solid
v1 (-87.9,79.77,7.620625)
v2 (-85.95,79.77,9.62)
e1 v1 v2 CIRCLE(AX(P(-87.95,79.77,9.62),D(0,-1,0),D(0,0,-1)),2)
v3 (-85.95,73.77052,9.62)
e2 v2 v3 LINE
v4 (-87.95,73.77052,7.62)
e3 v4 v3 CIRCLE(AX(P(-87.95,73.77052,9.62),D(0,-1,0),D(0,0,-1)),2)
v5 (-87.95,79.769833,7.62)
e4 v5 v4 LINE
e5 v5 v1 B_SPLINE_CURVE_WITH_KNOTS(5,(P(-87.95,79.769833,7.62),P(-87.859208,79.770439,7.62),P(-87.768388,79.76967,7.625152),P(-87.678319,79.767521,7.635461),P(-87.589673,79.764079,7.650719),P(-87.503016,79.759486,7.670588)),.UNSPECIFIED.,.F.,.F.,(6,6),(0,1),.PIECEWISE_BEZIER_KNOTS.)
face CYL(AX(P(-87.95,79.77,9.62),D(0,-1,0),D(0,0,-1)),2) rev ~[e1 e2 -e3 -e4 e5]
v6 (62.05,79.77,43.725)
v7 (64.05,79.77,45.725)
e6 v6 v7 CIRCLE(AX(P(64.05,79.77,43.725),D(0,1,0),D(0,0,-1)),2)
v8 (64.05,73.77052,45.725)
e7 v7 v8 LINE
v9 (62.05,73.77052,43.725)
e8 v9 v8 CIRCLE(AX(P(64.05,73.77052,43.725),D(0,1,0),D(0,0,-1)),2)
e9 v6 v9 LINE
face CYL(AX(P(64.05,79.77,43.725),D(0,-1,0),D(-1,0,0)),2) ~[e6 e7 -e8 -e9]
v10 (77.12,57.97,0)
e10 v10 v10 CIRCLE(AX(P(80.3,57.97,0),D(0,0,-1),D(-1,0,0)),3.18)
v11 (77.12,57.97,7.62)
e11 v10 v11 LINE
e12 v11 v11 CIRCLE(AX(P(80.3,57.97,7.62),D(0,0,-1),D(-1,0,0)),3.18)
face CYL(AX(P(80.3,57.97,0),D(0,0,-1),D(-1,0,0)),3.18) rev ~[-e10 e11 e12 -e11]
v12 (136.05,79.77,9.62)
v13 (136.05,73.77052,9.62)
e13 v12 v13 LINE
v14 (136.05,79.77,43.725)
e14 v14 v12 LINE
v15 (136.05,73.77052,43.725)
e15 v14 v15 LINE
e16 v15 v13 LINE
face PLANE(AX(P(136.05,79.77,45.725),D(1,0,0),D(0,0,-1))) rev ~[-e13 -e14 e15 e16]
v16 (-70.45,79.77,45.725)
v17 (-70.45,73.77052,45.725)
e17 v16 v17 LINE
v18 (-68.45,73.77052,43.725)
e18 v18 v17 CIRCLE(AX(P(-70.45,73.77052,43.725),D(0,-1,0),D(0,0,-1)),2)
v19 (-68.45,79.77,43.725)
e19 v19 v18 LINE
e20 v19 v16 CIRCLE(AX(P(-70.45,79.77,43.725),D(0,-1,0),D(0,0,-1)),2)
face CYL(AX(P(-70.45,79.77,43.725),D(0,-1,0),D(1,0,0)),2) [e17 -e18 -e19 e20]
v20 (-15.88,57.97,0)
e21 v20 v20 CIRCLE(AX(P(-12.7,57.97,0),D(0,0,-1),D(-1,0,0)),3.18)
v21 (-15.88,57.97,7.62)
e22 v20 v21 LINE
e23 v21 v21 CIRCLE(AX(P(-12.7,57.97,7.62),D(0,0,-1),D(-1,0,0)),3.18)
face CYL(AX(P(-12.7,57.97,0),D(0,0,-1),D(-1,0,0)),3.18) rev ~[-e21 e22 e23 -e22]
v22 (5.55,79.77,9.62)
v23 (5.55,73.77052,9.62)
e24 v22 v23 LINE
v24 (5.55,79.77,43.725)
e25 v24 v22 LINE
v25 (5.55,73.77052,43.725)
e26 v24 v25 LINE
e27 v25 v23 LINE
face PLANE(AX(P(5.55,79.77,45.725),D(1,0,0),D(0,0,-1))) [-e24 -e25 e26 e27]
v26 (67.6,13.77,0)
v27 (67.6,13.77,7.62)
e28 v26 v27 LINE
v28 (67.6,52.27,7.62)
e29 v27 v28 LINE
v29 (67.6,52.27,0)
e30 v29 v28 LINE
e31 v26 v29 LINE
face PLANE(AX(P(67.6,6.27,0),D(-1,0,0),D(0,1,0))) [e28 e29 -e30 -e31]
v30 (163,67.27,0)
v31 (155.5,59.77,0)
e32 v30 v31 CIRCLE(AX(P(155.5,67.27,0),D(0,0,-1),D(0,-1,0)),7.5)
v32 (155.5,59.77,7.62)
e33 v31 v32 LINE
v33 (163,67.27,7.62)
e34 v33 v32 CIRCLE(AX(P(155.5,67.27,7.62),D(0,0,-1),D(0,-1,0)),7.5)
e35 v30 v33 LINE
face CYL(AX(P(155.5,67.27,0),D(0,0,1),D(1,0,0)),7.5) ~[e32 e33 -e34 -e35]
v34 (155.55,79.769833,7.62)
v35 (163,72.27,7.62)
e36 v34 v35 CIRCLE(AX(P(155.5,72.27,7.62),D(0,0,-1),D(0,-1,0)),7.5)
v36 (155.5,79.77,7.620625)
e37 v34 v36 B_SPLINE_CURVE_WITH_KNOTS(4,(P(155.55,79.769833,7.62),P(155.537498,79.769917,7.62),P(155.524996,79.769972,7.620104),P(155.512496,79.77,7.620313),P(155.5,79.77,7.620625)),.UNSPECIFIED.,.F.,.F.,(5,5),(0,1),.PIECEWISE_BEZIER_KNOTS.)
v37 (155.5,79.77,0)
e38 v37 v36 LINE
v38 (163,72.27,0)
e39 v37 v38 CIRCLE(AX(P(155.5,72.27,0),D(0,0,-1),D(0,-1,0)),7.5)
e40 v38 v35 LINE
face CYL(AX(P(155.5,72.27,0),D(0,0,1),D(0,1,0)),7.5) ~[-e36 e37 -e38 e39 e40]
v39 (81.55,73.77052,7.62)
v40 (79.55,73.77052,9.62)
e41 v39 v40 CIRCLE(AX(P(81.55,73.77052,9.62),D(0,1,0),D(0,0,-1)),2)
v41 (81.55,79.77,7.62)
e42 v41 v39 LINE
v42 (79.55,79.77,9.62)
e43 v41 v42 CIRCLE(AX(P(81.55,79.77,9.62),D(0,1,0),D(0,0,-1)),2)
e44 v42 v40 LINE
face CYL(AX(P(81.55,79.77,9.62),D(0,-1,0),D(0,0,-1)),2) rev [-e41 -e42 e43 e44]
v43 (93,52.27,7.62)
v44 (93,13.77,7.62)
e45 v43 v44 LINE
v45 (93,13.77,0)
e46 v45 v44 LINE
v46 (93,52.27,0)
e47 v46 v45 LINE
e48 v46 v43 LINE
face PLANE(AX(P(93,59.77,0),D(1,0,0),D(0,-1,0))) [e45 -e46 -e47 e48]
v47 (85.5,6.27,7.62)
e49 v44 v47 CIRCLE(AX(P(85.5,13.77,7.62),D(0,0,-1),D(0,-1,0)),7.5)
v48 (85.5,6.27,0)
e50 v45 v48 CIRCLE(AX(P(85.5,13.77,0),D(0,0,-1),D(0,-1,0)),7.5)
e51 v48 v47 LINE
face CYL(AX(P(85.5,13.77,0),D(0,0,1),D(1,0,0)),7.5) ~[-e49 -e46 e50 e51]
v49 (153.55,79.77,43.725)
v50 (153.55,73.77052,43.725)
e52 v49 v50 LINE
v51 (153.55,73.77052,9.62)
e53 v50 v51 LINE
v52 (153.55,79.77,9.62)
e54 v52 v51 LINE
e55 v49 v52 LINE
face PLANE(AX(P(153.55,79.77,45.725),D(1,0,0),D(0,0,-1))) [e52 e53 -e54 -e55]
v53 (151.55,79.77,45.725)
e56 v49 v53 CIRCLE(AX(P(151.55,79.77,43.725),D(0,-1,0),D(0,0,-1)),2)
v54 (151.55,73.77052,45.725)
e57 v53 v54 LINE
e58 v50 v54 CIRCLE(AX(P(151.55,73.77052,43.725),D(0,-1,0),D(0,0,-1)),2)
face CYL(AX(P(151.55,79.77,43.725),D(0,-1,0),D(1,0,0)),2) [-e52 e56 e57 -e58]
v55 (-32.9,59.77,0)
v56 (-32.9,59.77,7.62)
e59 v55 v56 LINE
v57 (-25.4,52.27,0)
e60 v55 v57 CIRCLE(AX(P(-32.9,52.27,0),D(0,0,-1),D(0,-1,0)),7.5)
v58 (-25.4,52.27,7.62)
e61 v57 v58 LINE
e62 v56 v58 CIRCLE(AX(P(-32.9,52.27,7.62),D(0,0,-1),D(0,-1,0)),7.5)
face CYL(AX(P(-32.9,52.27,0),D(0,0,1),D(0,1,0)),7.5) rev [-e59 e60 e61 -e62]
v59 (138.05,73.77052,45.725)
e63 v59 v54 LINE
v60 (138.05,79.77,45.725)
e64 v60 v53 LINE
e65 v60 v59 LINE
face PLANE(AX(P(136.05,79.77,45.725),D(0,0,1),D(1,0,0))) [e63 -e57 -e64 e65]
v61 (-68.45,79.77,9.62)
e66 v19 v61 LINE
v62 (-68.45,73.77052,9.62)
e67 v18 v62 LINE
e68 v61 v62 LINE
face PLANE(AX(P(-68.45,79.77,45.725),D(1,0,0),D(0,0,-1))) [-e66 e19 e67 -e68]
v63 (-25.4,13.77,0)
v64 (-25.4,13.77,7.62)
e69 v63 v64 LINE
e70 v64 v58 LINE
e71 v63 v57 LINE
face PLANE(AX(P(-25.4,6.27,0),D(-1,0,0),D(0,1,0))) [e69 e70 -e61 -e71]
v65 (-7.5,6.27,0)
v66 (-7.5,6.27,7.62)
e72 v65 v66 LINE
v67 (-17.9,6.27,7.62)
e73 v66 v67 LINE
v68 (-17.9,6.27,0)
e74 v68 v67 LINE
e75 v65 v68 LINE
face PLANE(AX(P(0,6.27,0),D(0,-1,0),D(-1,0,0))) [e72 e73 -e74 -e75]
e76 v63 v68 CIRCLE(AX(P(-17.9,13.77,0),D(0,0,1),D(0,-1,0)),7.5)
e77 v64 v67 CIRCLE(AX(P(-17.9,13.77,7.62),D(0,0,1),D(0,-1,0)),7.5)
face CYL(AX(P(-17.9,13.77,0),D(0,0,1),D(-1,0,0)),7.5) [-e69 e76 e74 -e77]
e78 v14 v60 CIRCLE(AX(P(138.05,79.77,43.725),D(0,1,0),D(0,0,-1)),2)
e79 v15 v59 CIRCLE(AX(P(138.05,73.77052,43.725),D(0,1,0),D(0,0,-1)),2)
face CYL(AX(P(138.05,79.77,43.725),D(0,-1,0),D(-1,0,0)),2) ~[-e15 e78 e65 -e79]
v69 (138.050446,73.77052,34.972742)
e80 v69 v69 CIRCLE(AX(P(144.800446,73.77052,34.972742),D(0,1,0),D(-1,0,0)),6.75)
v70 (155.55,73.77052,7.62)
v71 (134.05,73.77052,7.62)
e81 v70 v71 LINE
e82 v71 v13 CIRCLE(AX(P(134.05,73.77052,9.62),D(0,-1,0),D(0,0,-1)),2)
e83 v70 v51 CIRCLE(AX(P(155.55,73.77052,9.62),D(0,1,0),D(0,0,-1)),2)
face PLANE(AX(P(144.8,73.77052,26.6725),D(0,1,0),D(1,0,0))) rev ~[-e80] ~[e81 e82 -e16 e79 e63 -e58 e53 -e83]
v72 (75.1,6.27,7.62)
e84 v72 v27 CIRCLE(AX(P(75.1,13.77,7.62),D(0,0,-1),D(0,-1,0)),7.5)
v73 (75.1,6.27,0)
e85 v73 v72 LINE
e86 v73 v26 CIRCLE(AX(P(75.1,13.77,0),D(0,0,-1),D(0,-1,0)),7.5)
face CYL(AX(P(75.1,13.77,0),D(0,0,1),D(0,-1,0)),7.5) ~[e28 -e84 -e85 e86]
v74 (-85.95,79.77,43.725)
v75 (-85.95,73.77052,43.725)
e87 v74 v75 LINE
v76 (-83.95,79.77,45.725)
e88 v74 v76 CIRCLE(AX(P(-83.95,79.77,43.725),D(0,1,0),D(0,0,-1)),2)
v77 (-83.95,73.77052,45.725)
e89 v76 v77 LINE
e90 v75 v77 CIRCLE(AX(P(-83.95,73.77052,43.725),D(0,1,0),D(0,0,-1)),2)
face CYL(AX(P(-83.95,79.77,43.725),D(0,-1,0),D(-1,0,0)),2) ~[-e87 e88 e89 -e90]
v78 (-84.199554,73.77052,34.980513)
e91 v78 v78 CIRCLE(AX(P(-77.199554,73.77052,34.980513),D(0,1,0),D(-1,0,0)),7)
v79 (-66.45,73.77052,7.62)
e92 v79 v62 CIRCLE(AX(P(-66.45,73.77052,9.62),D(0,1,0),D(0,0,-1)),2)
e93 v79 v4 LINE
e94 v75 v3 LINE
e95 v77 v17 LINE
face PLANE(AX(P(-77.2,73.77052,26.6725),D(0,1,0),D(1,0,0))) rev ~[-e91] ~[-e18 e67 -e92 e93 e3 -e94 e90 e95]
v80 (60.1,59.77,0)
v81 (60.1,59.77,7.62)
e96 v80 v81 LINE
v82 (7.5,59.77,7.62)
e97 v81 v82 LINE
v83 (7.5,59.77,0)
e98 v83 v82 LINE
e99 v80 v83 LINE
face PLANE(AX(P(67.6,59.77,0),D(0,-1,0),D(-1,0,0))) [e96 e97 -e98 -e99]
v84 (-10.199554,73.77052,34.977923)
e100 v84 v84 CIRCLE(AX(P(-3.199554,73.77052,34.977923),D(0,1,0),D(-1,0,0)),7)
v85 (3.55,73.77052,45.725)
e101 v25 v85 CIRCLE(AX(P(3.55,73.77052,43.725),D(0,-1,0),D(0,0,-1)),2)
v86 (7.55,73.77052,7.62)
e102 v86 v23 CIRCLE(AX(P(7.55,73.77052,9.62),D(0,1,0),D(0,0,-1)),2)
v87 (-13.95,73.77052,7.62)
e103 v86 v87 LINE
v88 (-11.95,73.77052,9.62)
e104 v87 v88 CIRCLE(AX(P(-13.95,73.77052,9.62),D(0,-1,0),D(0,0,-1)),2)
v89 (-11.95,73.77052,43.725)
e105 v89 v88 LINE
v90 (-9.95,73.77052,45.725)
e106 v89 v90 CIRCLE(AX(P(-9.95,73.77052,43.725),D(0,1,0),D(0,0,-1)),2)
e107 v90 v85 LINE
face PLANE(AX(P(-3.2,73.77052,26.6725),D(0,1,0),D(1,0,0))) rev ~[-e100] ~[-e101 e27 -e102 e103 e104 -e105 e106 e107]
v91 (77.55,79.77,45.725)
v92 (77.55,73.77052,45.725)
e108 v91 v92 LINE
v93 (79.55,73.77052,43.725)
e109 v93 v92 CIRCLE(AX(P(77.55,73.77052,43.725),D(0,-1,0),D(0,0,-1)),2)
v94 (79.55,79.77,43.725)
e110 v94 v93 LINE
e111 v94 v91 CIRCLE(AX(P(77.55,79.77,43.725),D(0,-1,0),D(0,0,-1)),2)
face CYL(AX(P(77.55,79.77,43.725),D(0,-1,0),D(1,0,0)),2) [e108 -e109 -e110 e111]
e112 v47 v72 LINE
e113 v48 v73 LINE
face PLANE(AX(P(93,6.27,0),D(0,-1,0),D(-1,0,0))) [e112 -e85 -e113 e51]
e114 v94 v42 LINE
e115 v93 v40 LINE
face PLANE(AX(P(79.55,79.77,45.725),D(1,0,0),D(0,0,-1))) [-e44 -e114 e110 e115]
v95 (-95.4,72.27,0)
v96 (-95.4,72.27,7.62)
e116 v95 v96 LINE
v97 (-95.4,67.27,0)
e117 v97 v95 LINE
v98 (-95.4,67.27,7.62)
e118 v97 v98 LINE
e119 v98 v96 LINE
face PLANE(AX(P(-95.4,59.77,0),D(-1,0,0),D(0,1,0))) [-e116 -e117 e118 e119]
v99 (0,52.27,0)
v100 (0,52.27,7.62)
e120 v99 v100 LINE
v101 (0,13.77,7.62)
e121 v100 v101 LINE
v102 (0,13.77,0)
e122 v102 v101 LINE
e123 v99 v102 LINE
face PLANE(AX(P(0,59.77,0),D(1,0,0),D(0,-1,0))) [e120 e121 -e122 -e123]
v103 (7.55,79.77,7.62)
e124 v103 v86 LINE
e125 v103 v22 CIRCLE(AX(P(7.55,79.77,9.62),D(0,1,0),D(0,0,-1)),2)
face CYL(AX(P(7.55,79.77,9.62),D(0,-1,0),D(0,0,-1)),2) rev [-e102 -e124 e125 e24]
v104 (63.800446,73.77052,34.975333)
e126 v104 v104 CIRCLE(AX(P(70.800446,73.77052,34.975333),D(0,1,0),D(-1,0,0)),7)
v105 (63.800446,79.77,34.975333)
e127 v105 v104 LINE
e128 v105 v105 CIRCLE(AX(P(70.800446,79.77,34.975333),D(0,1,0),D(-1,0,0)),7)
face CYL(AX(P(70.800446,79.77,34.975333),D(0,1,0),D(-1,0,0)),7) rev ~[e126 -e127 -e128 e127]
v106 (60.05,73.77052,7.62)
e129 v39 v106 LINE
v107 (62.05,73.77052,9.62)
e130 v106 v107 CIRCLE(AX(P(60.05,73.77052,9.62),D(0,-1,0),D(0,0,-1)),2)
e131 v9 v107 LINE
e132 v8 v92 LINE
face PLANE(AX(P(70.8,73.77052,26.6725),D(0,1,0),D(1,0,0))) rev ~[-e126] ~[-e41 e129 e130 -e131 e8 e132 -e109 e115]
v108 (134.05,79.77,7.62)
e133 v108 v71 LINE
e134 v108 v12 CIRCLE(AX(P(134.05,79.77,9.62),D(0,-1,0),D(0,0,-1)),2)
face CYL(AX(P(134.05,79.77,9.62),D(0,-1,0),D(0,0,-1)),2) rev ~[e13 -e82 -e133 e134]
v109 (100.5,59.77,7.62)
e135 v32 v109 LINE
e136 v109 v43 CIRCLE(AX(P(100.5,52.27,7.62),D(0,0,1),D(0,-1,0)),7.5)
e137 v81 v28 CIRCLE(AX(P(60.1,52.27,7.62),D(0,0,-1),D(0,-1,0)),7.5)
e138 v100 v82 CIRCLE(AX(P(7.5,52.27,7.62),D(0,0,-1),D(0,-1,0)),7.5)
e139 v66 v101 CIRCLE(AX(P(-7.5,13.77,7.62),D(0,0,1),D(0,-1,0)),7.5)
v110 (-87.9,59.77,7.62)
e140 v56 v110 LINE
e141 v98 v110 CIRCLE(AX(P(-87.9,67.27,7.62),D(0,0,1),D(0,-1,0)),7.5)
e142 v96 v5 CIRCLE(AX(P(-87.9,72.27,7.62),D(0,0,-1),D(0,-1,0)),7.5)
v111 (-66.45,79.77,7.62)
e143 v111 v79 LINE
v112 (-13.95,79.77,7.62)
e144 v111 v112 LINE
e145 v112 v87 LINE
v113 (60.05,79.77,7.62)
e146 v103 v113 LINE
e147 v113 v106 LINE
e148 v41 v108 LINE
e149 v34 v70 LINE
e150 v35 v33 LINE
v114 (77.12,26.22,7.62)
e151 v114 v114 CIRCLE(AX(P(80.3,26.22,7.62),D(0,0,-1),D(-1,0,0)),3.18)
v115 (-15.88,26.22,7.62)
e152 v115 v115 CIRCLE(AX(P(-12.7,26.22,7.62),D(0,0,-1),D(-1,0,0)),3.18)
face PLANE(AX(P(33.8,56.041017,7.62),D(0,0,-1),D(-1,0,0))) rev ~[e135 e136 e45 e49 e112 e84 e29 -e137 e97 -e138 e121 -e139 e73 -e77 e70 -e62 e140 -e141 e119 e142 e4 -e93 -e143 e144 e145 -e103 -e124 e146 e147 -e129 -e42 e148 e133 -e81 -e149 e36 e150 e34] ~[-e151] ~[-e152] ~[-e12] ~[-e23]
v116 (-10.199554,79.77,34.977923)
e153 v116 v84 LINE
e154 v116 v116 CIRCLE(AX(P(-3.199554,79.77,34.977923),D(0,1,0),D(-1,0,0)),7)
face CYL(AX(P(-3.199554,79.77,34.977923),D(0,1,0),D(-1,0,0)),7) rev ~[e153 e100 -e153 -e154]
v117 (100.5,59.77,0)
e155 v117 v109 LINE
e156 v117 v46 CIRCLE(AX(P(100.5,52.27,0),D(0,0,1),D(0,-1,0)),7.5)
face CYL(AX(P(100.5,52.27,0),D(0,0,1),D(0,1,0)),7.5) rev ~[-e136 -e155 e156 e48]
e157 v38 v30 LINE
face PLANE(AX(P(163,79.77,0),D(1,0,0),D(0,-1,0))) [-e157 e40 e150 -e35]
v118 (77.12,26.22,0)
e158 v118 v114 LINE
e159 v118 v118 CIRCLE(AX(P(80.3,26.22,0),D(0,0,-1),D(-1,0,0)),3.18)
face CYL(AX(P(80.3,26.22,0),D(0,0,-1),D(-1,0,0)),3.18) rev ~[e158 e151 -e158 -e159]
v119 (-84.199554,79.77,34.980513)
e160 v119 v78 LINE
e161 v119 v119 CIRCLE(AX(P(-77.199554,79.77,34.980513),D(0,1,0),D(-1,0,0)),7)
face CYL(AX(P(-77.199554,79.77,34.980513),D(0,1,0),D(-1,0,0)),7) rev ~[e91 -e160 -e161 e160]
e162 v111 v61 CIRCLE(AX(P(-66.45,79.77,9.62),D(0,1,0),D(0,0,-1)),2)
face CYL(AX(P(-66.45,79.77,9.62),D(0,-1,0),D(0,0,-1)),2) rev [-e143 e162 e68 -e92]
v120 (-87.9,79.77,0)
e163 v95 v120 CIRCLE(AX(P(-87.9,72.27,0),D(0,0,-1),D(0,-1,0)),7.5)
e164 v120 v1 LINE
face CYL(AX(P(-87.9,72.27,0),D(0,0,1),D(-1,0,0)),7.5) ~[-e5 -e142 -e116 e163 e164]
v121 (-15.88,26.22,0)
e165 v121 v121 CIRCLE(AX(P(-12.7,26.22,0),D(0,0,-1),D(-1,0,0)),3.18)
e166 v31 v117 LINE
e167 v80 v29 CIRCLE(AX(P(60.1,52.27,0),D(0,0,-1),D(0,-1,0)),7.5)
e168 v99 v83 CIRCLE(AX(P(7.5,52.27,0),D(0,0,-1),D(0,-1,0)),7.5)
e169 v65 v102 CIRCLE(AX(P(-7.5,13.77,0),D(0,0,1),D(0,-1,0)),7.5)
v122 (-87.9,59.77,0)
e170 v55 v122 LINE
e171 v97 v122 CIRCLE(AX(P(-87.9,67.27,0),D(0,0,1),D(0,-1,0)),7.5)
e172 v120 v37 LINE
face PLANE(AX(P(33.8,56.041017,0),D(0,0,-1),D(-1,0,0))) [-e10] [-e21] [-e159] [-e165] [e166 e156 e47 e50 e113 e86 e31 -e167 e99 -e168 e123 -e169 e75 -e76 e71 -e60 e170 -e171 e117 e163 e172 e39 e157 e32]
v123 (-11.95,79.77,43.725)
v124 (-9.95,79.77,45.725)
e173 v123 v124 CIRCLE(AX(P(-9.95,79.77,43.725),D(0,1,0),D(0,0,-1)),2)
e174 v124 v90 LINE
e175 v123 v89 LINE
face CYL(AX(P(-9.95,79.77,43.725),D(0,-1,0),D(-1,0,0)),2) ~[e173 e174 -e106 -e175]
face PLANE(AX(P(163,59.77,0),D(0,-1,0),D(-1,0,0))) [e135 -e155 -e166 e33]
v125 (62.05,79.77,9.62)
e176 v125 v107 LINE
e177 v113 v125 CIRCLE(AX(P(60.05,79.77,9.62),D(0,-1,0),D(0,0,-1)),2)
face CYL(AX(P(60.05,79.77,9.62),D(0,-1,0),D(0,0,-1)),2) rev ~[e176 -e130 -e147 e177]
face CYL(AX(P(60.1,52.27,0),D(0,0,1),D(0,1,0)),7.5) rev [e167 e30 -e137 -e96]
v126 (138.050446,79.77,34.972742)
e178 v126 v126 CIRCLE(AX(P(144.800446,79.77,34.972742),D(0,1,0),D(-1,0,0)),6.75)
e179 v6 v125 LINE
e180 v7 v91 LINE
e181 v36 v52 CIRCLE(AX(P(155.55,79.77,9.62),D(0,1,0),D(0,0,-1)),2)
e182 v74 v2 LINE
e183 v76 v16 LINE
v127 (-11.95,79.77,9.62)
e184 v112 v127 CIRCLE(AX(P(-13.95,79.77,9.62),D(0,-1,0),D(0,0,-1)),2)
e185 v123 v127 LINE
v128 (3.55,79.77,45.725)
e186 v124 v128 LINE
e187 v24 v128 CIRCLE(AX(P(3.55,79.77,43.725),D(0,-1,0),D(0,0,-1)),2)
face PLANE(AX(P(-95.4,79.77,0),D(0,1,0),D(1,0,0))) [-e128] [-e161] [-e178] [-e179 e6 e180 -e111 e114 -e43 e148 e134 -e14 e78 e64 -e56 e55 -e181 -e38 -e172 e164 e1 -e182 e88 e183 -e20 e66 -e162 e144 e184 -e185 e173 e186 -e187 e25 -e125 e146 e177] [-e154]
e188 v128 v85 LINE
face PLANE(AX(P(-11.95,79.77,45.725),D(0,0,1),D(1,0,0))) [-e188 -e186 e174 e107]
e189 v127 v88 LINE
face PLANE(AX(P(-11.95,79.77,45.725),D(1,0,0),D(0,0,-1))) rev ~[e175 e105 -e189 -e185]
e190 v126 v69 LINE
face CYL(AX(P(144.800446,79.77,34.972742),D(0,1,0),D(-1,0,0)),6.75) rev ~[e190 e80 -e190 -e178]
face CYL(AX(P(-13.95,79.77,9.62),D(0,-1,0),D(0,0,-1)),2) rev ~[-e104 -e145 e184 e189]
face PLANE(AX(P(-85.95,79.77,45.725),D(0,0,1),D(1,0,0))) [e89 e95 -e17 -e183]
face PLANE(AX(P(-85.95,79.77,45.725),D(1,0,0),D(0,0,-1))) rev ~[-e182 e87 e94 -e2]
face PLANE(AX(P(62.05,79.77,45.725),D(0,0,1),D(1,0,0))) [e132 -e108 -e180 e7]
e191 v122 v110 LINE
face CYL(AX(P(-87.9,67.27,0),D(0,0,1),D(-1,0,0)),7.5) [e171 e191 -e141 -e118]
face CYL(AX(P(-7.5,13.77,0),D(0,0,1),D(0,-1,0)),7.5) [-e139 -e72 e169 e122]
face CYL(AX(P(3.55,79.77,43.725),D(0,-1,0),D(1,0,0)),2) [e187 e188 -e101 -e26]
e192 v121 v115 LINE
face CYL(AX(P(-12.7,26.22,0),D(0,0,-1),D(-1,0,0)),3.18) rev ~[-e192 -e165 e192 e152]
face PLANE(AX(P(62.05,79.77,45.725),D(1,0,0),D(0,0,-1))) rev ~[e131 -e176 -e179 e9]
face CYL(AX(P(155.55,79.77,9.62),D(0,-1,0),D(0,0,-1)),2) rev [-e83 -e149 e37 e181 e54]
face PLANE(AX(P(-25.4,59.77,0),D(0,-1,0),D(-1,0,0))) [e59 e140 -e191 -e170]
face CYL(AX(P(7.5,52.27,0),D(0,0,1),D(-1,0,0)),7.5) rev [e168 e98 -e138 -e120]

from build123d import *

# Parameters (mm, degrees)
BOSS_EXTRUDE1_DEPTH = 7.62
SKETCH2_R           = 3.17999999
CUT_EXTRUDE1_DEPTH  = 45.72
SKETCH3_W           = 17.5
SKETCH3_H           = 38.105
BOSS_EXTRUDE2_DEPTH = 5.99948
FILLET1_R           = 7.5
SKETCH5_R           = 6.75
SKETCH5_R_2         = 7
CUT_EXTRUDE2_DEPTH  = 10
FILLET2_R           = 2


with BuildPart() as part:
    # Sketch1 → Boss-Extrude1 (new body)
    with BuildSketch(Plane.XY):
        Polygon((-95.4, 59.77), (-95.4, 79.77), (163, 79.77), (163, 59.77), (93, 59.77), (93, 6.27), (67.6, 6.27), (67.6, 59.77), (0, 59.77), (0, 6.27), (-25.4, 6.27), (-25.4, 59.77), align=None)
    extrude(amount=BOSS_EXTRUDE1_DEPTH)

    # Sketch2 → Cut-Extrude1 (cut)
    with BuildSketch(Plane(origin=(0, 0, 0), x_dir=(-1, 0, 0), z_dir=(0, 0, -1))):
        with Locations((-80.3, 57.97)):
            Circle(SKETCH2_R)
        with Locations((-80.3, 26.22)):
            Circle(SKETCH2_R)
        with Locations((12.7, 26.22)):
            Circle(SKETCH2_R)
        with Locations((12.7, 57.97)):
            Circle(SKETCH2_R)
    extrude(amount=-CUT_EXTRUDE1_DEPTH, mode=Mode.SUBTRACT)

    # Sketch3 → Boss-Extrude2 (add)
    with BuildSketch(Plane(origin=(0, 79.77, 0), x_dir=(1, 0, 0), z_dir=(0, 1, 0))):
        with Locations((144.8, -26.6725)):
            Rectangle(SKETCH3_W, SKETCH3_H)
        with Locations((-77.2, -26.6725)):
            Rectangle(SKETCH3_W, SKETCH3_H)
        with Locations((-3.2, -26.6725)):
            Rectangle(SKETCH3_W, SKETCH3_H)
        with Locations((70.8, -26.6725)):
            Rectangle(SKETCH3_W, SKETCH3_H)
    extrude(amount=-BOSS_EXTRUDE2_DEPTH)

    # Fillet1
    fillet1_edges = [part.edges().sort_by_distance(p)[0] for p in [
        (-95.4, 59.77, 3.81),
        (-95.4, 79.77, 3.81),
        (163, 79.77, 3.81),
        (163, 59.77, 3.81),
        (93, 59.77, 3.81),
        (93, 6.27, 3.81),
        (67.6, 6.27, 3.81),
        (67.6, 59.77, 3.81),
        (0, 59.77, 3.81),
        (0, 6.27, 3.81),
        (-25.4, 6.27, 3.81),
        (-25.4, 59.77, 3.81),
    ]]
    fillet(fillet1_edges, radius=FILLET1_R)

    # Sketch5 → Cut-Extrude2 (cut)
    with BuildSketch(Plane(origin=(0, 79.77, 0), x_dir=(1, 0, 0), z_dir=(0, 1, 0))):
        with Locations(Location((144.800446227, -34.97274241, 0), (0, 0, 180))):
            Circle(SKETCH5_R)
        with Locations(Location((70.800446272, -34.975332504, 0), (0, 0, 180))):
            Circle(SKETCH5_R_2)
        with Locations(Location((-3.199553683, -34.977922599, 0), (0, 0, 180))):
            Circle(SKETCH5_R_2)
        with Locations(Location((-77.199553637, -34.980512693, 0), (0, 0, 180))):
            Circle(SKETCH5_R_2)
    extrude(amount=-CUT_EXTRUDE2_DEPTH, mode=Mode.SUBTRACT)

    # Fillet2
    fillet2_edges = [part.edges().sort_by_distance(p)[0] for p in [
        (153.55, 76.77026, 7.62),
        (153.55, 76.77026, 45.725),
        (136.05, 76.77026, 45.725),
        (136.05, 76.77026, 7.62),
        (-85.95, 76.77026, 45.725),
        (-85.95, 76.77026, 7.62),
        (-68.45, 76.77026, 7.62),
        (-68.45, 76.77026, 45.725),
        (5.55, 76.77026, 7.62),
        (5.55, 76.77026, 45.725),
        (-11.95, 76.77026, 45.725),
        (-11.95, 76.77026, 7.62),
        (62.05, 76.77026, 7.62),
        (79.55, 76.77026, 7.62),
        (79.55, 76.77026, 45.725),
        (62.05, 76.77026, 45.725),
    ]]
    fillet(fillet2_edges, radius=FILLET2_R)


solid = part.part
